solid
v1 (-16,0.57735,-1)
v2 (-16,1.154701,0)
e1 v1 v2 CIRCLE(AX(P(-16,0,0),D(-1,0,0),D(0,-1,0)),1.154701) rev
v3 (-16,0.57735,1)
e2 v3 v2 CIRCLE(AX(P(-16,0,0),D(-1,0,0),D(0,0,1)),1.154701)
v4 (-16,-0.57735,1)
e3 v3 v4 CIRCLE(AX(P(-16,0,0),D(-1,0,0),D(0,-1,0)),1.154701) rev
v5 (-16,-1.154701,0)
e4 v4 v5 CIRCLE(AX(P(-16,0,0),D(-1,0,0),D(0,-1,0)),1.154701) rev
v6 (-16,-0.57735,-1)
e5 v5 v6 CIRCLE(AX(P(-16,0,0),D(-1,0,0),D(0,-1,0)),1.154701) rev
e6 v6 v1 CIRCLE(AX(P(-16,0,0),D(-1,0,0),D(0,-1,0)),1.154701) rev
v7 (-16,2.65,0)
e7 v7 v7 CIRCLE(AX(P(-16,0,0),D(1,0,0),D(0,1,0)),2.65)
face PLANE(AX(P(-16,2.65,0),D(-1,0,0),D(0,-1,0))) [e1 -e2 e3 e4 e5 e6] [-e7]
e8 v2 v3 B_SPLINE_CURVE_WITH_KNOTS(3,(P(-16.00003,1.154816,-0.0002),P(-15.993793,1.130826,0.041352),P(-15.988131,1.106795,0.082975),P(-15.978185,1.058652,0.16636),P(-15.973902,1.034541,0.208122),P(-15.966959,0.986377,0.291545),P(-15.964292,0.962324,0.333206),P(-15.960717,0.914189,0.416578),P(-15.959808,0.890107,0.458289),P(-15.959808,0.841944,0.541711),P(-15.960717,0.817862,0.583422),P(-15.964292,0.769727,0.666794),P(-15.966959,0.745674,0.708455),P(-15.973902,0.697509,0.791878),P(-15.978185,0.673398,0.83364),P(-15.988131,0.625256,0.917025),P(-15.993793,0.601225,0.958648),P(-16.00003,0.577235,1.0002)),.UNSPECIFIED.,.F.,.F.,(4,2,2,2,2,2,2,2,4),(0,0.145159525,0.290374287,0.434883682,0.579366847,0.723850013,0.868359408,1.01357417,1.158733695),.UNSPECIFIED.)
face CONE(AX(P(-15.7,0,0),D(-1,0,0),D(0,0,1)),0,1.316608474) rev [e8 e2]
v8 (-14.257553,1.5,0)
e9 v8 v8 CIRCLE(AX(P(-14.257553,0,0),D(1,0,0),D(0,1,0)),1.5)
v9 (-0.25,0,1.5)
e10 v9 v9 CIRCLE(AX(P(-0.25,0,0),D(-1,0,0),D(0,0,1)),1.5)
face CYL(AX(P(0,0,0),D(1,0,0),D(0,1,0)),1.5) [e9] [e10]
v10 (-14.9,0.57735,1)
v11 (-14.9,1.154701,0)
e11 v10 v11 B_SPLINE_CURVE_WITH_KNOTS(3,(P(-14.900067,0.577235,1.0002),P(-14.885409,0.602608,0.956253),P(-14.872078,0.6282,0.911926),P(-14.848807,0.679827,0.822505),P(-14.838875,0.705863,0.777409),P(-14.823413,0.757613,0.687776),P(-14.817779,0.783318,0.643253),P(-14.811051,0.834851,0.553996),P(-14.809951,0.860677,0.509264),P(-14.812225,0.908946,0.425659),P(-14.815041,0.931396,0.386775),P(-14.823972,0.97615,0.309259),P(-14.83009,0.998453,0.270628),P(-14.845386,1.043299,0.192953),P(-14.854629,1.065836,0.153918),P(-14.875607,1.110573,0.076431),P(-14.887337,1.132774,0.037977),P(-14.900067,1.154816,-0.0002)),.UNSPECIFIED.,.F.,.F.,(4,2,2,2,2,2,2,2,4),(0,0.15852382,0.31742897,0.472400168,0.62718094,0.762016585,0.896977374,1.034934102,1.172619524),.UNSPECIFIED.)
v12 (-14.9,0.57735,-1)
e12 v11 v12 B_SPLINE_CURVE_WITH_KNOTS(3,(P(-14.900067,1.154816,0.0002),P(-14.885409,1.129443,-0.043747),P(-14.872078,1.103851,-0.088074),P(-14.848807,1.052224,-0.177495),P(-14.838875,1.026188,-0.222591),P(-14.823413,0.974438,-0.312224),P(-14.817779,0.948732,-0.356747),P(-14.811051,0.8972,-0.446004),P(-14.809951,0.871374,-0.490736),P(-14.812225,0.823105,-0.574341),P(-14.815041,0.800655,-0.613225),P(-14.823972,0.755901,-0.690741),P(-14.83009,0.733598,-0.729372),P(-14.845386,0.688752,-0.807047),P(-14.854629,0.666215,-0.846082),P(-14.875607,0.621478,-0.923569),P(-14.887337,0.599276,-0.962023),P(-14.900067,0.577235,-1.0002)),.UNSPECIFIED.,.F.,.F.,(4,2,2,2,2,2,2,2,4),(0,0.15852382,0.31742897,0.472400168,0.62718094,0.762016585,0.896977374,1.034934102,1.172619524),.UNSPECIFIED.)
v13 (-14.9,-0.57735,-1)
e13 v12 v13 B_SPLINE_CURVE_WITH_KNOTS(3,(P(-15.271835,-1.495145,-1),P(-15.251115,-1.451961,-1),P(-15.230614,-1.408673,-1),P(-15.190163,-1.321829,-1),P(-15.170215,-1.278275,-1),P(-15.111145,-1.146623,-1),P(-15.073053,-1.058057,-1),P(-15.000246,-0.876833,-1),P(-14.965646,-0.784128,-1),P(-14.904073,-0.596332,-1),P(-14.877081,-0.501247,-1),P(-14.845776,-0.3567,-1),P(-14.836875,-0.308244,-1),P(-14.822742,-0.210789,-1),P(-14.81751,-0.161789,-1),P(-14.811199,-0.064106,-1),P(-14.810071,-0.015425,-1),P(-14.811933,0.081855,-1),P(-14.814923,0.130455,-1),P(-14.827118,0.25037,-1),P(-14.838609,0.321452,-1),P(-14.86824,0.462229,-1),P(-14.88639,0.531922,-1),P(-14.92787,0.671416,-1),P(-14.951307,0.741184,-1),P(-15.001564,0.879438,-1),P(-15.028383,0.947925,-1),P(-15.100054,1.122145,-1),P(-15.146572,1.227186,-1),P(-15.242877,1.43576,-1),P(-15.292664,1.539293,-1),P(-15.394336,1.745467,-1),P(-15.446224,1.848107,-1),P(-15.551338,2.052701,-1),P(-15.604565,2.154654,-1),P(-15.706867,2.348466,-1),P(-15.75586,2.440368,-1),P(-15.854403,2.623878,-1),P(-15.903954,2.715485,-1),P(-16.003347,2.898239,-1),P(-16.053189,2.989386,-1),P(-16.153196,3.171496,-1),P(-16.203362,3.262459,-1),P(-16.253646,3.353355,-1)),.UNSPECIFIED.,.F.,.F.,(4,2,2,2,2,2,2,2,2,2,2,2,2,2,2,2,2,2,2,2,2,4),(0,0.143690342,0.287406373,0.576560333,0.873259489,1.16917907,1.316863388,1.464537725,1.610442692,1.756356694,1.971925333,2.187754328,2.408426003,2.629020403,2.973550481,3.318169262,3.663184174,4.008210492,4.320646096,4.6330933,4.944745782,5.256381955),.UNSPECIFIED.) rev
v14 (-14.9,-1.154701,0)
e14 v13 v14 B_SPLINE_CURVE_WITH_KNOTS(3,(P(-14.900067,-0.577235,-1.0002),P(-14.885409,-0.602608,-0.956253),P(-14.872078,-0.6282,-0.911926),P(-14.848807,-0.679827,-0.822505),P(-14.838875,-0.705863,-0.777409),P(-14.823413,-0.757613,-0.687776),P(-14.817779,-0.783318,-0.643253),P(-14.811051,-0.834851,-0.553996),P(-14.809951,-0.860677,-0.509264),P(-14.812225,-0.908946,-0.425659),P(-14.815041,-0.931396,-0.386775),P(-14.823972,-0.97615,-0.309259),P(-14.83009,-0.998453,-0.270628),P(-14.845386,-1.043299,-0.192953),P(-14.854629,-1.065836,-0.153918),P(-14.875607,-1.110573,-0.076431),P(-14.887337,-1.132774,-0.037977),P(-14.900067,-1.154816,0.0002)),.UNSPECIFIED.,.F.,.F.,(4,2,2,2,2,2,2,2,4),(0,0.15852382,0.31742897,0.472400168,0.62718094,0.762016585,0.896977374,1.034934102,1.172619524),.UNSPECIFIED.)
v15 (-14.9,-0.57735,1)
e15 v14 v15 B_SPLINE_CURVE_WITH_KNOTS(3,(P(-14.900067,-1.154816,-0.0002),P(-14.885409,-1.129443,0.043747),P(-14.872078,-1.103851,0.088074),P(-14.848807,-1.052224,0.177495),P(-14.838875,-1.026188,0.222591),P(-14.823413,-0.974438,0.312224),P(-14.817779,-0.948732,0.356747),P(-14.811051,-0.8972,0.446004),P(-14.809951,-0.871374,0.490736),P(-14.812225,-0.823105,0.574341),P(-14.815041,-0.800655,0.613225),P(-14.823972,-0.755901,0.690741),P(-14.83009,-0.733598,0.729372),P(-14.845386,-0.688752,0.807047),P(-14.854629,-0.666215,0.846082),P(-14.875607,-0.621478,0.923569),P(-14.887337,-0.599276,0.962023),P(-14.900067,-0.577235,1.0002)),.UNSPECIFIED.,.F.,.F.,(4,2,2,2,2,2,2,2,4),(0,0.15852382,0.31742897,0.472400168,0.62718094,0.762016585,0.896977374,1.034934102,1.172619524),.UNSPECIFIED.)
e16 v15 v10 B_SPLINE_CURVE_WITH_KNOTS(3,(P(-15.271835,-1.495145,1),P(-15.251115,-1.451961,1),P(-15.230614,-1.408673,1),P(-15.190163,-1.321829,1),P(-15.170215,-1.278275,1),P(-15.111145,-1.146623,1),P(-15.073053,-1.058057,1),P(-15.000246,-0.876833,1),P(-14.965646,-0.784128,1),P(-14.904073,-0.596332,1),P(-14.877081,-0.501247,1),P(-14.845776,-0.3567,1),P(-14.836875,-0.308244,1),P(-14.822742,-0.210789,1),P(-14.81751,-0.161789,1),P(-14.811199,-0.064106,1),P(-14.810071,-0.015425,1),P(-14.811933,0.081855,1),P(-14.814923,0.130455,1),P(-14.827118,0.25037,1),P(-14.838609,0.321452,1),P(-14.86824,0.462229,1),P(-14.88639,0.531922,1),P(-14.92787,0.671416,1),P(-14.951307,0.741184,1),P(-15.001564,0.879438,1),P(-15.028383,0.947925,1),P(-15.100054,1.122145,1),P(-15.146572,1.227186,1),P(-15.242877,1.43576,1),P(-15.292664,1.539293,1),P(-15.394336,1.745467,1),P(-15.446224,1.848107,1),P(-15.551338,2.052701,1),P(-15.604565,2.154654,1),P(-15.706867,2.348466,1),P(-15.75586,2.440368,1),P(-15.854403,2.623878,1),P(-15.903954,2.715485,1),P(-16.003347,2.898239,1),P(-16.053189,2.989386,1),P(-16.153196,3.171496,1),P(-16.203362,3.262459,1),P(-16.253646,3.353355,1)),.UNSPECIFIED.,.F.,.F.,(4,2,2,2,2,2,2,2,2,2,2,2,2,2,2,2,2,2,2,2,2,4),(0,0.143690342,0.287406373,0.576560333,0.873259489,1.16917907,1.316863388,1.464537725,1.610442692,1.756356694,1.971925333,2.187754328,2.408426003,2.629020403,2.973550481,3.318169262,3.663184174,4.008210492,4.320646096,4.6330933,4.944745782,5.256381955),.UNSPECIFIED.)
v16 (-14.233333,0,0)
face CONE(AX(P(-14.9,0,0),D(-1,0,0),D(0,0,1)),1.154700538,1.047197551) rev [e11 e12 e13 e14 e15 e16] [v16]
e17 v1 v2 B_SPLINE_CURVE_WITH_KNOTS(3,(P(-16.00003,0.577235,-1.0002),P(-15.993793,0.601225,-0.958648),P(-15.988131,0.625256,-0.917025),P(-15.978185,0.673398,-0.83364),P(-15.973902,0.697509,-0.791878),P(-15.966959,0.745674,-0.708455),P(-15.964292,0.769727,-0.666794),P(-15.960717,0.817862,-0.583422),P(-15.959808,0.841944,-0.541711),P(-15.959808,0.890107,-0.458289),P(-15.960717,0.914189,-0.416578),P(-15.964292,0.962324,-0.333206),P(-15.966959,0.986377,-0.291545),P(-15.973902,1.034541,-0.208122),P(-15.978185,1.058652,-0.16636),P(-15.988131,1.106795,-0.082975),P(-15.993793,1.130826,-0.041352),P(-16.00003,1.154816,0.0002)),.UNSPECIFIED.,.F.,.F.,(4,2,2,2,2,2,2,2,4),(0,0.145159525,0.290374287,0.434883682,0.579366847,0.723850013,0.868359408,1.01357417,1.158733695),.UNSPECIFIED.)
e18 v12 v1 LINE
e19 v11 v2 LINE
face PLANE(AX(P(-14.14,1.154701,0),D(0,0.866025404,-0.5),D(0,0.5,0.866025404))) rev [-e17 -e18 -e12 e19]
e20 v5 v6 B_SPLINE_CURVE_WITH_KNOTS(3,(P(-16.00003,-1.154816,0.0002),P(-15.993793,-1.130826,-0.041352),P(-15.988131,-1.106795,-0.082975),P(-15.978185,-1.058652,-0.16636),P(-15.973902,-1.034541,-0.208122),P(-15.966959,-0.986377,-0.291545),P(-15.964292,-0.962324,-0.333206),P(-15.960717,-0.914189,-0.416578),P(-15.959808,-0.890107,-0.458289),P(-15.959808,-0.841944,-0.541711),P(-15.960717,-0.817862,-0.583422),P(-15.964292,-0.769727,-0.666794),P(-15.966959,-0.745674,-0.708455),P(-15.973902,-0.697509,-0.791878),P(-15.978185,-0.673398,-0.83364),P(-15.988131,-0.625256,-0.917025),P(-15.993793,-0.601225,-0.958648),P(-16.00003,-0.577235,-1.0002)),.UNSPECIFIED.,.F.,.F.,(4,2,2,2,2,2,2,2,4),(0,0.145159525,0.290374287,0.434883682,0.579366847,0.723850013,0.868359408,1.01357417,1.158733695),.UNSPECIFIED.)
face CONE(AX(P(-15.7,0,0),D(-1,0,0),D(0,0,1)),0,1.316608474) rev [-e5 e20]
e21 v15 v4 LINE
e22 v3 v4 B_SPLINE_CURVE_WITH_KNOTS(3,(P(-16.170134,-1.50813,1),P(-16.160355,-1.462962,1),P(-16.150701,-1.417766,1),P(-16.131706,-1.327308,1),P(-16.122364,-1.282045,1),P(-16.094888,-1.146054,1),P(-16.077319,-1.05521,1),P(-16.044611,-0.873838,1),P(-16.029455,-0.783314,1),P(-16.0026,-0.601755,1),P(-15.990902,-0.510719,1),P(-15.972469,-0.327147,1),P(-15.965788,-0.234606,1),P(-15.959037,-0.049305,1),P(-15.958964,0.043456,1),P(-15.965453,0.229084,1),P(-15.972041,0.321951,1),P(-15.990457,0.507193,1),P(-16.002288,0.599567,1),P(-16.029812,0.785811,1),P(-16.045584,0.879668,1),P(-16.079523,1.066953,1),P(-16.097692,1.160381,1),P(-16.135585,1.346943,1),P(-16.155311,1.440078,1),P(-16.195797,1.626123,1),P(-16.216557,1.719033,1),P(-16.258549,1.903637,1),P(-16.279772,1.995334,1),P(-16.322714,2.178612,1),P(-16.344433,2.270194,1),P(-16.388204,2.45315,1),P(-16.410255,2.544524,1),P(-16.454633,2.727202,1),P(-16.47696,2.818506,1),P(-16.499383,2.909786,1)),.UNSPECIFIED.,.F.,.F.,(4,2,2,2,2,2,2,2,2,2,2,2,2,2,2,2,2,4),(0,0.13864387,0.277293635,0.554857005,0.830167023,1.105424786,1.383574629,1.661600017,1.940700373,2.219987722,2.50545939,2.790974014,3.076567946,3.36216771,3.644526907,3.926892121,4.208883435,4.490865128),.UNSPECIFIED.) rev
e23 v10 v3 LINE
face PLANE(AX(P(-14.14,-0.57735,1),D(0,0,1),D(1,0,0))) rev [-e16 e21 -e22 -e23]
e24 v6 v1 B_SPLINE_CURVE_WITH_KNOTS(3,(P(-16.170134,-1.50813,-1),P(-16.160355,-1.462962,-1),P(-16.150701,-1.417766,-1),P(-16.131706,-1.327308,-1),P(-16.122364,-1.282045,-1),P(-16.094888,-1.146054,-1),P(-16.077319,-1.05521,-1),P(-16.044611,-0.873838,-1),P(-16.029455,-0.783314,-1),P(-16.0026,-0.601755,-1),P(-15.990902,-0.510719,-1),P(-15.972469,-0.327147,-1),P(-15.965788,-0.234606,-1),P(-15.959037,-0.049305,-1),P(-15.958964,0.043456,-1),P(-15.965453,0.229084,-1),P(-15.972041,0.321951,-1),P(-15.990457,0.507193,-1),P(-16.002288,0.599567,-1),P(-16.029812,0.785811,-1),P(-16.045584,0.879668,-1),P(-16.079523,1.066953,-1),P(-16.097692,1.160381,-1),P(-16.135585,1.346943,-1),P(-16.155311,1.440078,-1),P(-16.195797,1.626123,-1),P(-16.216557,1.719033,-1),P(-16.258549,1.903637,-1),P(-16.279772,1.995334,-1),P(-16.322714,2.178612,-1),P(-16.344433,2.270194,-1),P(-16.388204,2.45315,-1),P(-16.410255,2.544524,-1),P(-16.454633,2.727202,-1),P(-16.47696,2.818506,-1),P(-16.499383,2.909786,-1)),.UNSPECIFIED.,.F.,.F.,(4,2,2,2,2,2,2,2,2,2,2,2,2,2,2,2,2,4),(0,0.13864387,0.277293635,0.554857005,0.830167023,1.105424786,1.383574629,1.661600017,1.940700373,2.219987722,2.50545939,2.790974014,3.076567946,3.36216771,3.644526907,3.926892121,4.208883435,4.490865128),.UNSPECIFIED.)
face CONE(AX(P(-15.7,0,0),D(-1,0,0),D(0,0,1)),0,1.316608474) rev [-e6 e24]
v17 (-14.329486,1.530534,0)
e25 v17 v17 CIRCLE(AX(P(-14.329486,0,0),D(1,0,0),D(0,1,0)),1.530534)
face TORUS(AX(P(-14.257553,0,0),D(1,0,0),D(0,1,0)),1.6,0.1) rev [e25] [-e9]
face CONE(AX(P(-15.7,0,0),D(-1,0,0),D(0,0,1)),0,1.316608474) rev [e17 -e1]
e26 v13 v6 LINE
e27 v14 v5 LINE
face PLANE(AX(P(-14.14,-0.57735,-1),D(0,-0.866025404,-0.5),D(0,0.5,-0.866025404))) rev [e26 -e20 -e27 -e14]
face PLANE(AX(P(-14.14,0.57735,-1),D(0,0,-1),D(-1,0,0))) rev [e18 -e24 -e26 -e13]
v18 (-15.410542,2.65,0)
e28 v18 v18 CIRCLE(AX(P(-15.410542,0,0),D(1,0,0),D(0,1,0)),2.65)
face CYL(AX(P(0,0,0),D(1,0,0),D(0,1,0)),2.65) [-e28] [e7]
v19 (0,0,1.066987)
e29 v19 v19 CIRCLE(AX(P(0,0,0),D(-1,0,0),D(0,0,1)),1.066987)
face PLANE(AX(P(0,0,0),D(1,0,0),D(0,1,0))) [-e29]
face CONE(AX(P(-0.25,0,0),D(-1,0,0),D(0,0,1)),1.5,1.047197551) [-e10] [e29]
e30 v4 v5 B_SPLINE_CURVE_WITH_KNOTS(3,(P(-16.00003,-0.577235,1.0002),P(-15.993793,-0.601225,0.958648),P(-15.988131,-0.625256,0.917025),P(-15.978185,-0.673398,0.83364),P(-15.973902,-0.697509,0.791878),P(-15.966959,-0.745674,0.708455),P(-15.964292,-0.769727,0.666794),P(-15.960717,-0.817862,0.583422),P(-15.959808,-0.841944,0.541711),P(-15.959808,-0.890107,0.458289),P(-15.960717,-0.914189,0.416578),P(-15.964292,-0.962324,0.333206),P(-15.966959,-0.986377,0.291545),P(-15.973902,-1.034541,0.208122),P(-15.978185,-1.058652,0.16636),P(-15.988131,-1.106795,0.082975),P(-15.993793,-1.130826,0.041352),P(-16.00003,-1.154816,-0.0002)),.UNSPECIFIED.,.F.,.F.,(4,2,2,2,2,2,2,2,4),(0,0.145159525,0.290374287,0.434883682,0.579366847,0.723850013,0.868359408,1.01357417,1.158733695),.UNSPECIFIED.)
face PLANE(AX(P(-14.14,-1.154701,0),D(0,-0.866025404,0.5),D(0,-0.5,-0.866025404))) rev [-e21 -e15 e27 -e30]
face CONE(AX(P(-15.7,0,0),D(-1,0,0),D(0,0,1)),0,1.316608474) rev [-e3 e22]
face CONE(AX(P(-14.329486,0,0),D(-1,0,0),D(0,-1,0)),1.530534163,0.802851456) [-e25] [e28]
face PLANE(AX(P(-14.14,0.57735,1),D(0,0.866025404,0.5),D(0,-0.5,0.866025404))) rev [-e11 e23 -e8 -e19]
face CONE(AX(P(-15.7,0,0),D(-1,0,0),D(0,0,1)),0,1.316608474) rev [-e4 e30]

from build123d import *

# Parameters (mm, degrees)
CUT_EXTRUDE_1_DEPTH = 1.86


with BuildPart() as part:
    # 草图1 → 旋转1 (revolve)
    with BuildSketch(Plane.XY):
        with BuildLine():
            Line((0, 1.5), (-14.257552518, 1.5))
            ThreePointArc((-14.257552518, 1.5), (-14.296625631, 1.507949515), (-14.329486498, 1.530534163))
            Line((-14.329486498, 1.530534163), (-15.410542091, 2.65))
            Line((-15.410542091, 2.65), (-16, 2.65))
            Line((-16, 2.65), (-16, 0))
            Line((-16, 0), (0, 0))
            Line((0, 0), (0, 1.5))
        make_face()
    revolve(axis=Axis((0, 0, 0), (-1, 0, 0)))

    # 草图2 → 切除-拉伸1 (cut)
    with BuildSketch(Plane.ZY.offset(16)):
        Polygon((0, 1.154700538), (-1, 0.577350269), (-1, -0.577350269), (0, -1.154700538), (1, -0.577350269), (1, 0.577350269), align=None)
    extrude(amount=-CUT_EXTRUDE_1_DEPTH, mode=Mode.SUBTRACT)

    # 草图6 → 旋转2 (revolve)
    with BuildSketch(Plane.XY):
        Polygon((-14.9, 1.154700538), (-14.233333333, 0), (-13.84, 0), (-13.84, 1.154700538), align=None)
    revolve(axis=Axis((-16, 0, 0), (1, 0, 0)))

    # 草图7 → 切除-旋转2 (revolve, cut)
    with BuildSketch(Plane.XY):
        Polygon((-16, 1.154700538), (-16, 0), (-15.7, 0), align=None)
    revolve(axis=Axis((-16, 0, 0), (1, 0, 0)), mode=Mode.SUBTRACT)

    # 草图4 → 切除-旋转1 (revolve, cut)
    with BuildSketch(Plane.XY):
        Polygon((-0.25, 1.5), (0, 1.066987298), (0.25, 1.5), align=None)
    revolve(axis=Axis((-0.25, 0, 0), (1, 0, 0)), mode=Mode.SUBTRACT)


solid = part.part
